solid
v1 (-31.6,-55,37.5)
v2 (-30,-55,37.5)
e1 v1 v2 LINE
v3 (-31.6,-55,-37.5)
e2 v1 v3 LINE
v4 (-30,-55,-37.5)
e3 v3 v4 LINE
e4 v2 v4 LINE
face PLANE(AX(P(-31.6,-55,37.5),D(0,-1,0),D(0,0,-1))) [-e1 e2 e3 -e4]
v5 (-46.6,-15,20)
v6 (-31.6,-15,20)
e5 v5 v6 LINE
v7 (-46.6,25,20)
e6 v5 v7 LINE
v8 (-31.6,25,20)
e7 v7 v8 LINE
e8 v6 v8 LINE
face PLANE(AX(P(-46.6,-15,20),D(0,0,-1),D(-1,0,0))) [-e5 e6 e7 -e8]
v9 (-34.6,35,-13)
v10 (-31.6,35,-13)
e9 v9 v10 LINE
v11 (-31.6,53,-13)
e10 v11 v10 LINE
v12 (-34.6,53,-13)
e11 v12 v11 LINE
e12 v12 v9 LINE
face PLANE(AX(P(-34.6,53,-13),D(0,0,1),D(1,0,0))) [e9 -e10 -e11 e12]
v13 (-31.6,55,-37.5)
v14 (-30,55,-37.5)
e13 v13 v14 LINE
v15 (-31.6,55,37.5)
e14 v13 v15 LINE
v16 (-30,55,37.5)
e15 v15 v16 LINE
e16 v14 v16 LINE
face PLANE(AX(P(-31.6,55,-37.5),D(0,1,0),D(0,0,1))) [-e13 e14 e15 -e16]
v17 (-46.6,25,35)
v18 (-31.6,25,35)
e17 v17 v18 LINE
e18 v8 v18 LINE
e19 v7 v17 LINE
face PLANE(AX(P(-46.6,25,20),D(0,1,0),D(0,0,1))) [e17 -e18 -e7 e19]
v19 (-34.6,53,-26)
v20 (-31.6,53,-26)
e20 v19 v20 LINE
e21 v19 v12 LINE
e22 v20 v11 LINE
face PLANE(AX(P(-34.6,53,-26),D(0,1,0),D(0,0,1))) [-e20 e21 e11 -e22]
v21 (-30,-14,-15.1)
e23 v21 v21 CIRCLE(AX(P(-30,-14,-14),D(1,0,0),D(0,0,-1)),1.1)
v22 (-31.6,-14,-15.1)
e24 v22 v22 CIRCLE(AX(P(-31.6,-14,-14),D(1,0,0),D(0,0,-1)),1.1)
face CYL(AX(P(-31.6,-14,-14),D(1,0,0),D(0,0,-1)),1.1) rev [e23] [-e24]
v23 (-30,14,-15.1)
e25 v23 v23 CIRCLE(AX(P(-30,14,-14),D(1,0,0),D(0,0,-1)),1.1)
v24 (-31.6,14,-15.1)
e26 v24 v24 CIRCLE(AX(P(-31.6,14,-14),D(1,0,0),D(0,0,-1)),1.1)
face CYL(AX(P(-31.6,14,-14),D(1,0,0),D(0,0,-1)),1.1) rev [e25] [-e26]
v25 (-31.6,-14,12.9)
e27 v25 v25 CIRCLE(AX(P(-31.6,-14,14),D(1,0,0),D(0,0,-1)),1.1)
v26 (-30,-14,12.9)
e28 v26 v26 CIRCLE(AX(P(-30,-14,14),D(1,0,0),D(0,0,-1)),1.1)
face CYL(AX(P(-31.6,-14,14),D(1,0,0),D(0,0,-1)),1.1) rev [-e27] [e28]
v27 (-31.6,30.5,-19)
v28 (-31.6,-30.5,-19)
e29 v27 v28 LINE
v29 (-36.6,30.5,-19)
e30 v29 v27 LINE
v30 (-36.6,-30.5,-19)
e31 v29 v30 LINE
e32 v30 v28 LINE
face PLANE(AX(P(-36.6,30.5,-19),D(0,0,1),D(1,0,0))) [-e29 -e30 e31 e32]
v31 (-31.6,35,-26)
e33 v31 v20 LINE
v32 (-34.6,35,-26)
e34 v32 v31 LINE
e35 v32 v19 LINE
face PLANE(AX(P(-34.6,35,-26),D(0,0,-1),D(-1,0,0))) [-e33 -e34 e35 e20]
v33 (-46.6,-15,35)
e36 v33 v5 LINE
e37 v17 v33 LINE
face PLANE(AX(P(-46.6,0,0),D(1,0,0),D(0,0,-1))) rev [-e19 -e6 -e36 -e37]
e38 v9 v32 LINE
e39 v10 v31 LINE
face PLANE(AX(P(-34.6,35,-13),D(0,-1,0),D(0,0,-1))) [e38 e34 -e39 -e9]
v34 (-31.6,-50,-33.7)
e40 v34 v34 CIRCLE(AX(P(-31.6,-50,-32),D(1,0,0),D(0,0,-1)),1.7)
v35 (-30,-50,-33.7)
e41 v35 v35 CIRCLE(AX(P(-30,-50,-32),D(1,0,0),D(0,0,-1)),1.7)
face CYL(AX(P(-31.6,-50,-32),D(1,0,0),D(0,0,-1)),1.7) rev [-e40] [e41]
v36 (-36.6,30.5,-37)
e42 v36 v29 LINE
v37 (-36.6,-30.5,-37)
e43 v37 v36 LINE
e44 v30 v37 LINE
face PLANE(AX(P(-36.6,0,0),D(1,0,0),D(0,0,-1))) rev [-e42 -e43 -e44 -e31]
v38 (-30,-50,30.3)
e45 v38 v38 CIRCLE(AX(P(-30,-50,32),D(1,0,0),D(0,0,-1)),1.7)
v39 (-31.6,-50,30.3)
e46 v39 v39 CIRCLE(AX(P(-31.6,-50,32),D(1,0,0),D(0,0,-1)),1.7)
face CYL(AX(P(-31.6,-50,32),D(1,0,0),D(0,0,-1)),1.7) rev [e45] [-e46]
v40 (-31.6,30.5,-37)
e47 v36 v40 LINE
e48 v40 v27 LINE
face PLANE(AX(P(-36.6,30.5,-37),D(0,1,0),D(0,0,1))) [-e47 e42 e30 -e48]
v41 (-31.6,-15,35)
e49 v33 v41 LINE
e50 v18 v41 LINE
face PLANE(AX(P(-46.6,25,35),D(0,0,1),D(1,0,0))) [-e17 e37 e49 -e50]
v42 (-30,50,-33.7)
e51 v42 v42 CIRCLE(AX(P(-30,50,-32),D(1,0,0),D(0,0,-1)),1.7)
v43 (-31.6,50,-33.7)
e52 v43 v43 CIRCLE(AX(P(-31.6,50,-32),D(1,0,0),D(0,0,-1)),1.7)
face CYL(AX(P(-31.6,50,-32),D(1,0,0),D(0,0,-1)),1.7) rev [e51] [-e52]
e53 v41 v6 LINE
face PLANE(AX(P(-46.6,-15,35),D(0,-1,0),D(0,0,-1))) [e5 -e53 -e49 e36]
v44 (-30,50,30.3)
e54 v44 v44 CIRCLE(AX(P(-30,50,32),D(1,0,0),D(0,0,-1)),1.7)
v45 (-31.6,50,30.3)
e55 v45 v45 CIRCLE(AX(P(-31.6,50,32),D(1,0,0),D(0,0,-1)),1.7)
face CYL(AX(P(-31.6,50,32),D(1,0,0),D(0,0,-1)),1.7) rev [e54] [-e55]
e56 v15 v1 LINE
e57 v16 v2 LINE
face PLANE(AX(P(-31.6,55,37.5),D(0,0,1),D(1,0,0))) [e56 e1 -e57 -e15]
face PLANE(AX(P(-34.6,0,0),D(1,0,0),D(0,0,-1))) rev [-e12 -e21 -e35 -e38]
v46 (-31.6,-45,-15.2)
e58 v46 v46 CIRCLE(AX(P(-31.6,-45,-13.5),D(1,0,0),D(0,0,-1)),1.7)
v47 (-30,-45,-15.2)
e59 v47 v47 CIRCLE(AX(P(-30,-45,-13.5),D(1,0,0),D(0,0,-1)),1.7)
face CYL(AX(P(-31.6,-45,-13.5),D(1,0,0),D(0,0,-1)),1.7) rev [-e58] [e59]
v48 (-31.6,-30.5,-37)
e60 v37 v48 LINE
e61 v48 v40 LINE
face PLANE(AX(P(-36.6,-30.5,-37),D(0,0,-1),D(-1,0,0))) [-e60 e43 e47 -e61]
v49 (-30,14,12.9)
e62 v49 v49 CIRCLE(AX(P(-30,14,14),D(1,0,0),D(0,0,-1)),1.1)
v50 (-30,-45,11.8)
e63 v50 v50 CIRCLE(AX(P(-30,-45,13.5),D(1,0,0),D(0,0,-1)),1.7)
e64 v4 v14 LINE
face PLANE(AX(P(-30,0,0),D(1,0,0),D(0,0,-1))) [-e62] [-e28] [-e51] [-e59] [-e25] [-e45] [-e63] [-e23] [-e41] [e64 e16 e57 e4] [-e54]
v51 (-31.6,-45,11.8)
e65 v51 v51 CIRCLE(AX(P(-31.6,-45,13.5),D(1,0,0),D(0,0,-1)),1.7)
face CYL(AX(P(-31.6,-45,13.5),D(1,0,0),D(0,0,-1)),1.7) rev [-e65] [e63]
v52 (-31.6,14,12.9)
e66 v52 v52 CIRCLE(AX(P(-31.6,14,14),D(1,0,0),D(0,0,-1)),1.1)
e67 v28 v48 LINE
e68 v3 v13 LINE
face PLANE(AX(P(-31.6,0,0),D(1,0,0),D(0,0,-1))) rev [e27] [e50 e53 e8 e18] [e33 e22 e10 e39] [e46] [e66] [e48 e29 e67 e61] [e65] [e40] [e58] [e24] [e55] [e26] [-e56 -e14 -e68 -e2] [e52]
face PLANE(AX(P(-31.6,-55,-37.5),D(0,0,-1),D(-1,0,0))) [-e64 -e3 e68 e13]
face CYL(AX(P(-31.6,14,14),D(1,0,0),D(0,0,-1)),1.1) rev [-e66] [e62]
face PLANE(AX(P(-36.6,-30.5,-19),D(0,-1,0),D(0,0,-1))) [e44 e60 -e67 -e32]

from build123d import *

# Parameters (mm, degrees)
BOARD_START                         = -30
BOARD_SKETCH_W                      = 75
BOARD_SKETCH_H                      = 110
BOARD_SKETCH_R                      = 1.7
BOARD_SKETCH_R_2                    = 1.1
BOARD_DEPTH                         = 1.6
TEENSY_START                        = -31.6
TEENSY_4_1_SKETCH_W                 = 18
TEENSY_4_1_SKETCH_H                 = 61
TEENSY_4_1_DEPTH                    = 5
BAROMETER_START                     = -31.6
BAROMETER_BMP388_BOARD_EST_SKETCH_W = 13
BAROMETER_BMP388_BOARD_EST_SKETCH_H = 18
BAROMETER_BMP388_BOARD_EST_DEPTH    = 3
VENT_START                          = -31.6
VENT_BACKUP_SKETCH_W                = 15
VENT_BACKUP_SKETCH_H                = 40
VENT_BACKUP_DEPTH                   = 15


with BuildPart() as part:
    # Board Sketch → Board (new body)
    with BuildSketch(Plane(origin=(0, 0, 0), x_dir=(0, 0, -1), z_dir=(1, 0, 0)).offset(BOARD_START)):
        Rectangle(BOARD_SKETCH_W, BOARD_SKETCH_H)
        with Locations((32, -50)):
            Circle(BOARD_SKETCH_R, mode=Mode.SUBTRACT)
        with Locations((-32, -50)):
            Circle(BOARD_SKETCH_R, mode=Mode.SUBTRACT)
        with Locations((32, 50)):
            Circle(BOARD_SKETCH_R, mode=Mode.SUBTRACT)
        with Locations((-32, 50)):
            Circle(BOARD_SKETCH_R, mode=Mode.SUBTRACT)
        with Locations((13.5, -45)):
            Circle(BOARD_SKETCH_R, mode=Mode.SUBTRACT)
        with Locations((-13.5, -45)):
            Circle(BOARD_SKETCH_R, mode=Mode.SUBTRACT)
        with Locations((14, -14)):
            Circle(BOARD_SKETCH_R_2, mode=Mode.SUBTRACT)
        with Locations((-14, -14)):
            Circle(BOARD_SKETCH_R_2, mode=Mode.SUBTRACT)
        with Locations((14, 14)):
            Circle(BOARD_SKETCH_R_2, mode=Mode.SUBTRACT)
        with Locations((-14, 14)):
            Circle(BOARD_SKETCH_R_2, mode=Mode.SUBTRACT)
    extrude(amount=-BOARD_DEPTH)

    # Teensy 4.1 Sketch → Teensy 4.1 (add)
    with BuildSketch(Plane(origin=(0, 0, 0), x_dir=(0, 0, -1), z_dir=(1, 0, 0)).offset(TEENSY_START)):
        with Locations((28, 0)):
            Rectangle(TEENSY_4_1_SKETCH_W, TEENSY_4_1_SKETCH_H)
    extrude(amount=-TEENSY_4_1_DEPTH)

    # Barometer BMP388 board [est] Sketch → Barometer BMP388 board [est] (add)
    with BuildSketch(Plane(origin=(0, 0, 0), x_dir=(0, 0, -1), z_dir=(1, 0, 0)).offset(BAROMETER_START)):
        with Locations((19.5, 44)):
            Rectangle(BAROMETER_BMP388_BOARD_EST_SKETCH_W, BAROMETER_BMP388_BOARD_EST_SKETCH_H)
    extrude(amount=-BAROMETER_BMP388_BOARD_EST_DEPTH)

    # Vent backup Sketch → Vent backup (add)
    with BuildSketch(Plane(origin=(0, 0, 0), x_dir=(0, 0, -1), z_dir=(1, 0, 0)).offset(VENT_START)):
        with Locations((-27.5, 5)):
            Rectangle(VENT_BACKUP_SKETCH_W, VENT_BACKUP_SKETCH_H)
    extrude(amount=-VENT_BACKUP_DEPTH)


solid = part.part
